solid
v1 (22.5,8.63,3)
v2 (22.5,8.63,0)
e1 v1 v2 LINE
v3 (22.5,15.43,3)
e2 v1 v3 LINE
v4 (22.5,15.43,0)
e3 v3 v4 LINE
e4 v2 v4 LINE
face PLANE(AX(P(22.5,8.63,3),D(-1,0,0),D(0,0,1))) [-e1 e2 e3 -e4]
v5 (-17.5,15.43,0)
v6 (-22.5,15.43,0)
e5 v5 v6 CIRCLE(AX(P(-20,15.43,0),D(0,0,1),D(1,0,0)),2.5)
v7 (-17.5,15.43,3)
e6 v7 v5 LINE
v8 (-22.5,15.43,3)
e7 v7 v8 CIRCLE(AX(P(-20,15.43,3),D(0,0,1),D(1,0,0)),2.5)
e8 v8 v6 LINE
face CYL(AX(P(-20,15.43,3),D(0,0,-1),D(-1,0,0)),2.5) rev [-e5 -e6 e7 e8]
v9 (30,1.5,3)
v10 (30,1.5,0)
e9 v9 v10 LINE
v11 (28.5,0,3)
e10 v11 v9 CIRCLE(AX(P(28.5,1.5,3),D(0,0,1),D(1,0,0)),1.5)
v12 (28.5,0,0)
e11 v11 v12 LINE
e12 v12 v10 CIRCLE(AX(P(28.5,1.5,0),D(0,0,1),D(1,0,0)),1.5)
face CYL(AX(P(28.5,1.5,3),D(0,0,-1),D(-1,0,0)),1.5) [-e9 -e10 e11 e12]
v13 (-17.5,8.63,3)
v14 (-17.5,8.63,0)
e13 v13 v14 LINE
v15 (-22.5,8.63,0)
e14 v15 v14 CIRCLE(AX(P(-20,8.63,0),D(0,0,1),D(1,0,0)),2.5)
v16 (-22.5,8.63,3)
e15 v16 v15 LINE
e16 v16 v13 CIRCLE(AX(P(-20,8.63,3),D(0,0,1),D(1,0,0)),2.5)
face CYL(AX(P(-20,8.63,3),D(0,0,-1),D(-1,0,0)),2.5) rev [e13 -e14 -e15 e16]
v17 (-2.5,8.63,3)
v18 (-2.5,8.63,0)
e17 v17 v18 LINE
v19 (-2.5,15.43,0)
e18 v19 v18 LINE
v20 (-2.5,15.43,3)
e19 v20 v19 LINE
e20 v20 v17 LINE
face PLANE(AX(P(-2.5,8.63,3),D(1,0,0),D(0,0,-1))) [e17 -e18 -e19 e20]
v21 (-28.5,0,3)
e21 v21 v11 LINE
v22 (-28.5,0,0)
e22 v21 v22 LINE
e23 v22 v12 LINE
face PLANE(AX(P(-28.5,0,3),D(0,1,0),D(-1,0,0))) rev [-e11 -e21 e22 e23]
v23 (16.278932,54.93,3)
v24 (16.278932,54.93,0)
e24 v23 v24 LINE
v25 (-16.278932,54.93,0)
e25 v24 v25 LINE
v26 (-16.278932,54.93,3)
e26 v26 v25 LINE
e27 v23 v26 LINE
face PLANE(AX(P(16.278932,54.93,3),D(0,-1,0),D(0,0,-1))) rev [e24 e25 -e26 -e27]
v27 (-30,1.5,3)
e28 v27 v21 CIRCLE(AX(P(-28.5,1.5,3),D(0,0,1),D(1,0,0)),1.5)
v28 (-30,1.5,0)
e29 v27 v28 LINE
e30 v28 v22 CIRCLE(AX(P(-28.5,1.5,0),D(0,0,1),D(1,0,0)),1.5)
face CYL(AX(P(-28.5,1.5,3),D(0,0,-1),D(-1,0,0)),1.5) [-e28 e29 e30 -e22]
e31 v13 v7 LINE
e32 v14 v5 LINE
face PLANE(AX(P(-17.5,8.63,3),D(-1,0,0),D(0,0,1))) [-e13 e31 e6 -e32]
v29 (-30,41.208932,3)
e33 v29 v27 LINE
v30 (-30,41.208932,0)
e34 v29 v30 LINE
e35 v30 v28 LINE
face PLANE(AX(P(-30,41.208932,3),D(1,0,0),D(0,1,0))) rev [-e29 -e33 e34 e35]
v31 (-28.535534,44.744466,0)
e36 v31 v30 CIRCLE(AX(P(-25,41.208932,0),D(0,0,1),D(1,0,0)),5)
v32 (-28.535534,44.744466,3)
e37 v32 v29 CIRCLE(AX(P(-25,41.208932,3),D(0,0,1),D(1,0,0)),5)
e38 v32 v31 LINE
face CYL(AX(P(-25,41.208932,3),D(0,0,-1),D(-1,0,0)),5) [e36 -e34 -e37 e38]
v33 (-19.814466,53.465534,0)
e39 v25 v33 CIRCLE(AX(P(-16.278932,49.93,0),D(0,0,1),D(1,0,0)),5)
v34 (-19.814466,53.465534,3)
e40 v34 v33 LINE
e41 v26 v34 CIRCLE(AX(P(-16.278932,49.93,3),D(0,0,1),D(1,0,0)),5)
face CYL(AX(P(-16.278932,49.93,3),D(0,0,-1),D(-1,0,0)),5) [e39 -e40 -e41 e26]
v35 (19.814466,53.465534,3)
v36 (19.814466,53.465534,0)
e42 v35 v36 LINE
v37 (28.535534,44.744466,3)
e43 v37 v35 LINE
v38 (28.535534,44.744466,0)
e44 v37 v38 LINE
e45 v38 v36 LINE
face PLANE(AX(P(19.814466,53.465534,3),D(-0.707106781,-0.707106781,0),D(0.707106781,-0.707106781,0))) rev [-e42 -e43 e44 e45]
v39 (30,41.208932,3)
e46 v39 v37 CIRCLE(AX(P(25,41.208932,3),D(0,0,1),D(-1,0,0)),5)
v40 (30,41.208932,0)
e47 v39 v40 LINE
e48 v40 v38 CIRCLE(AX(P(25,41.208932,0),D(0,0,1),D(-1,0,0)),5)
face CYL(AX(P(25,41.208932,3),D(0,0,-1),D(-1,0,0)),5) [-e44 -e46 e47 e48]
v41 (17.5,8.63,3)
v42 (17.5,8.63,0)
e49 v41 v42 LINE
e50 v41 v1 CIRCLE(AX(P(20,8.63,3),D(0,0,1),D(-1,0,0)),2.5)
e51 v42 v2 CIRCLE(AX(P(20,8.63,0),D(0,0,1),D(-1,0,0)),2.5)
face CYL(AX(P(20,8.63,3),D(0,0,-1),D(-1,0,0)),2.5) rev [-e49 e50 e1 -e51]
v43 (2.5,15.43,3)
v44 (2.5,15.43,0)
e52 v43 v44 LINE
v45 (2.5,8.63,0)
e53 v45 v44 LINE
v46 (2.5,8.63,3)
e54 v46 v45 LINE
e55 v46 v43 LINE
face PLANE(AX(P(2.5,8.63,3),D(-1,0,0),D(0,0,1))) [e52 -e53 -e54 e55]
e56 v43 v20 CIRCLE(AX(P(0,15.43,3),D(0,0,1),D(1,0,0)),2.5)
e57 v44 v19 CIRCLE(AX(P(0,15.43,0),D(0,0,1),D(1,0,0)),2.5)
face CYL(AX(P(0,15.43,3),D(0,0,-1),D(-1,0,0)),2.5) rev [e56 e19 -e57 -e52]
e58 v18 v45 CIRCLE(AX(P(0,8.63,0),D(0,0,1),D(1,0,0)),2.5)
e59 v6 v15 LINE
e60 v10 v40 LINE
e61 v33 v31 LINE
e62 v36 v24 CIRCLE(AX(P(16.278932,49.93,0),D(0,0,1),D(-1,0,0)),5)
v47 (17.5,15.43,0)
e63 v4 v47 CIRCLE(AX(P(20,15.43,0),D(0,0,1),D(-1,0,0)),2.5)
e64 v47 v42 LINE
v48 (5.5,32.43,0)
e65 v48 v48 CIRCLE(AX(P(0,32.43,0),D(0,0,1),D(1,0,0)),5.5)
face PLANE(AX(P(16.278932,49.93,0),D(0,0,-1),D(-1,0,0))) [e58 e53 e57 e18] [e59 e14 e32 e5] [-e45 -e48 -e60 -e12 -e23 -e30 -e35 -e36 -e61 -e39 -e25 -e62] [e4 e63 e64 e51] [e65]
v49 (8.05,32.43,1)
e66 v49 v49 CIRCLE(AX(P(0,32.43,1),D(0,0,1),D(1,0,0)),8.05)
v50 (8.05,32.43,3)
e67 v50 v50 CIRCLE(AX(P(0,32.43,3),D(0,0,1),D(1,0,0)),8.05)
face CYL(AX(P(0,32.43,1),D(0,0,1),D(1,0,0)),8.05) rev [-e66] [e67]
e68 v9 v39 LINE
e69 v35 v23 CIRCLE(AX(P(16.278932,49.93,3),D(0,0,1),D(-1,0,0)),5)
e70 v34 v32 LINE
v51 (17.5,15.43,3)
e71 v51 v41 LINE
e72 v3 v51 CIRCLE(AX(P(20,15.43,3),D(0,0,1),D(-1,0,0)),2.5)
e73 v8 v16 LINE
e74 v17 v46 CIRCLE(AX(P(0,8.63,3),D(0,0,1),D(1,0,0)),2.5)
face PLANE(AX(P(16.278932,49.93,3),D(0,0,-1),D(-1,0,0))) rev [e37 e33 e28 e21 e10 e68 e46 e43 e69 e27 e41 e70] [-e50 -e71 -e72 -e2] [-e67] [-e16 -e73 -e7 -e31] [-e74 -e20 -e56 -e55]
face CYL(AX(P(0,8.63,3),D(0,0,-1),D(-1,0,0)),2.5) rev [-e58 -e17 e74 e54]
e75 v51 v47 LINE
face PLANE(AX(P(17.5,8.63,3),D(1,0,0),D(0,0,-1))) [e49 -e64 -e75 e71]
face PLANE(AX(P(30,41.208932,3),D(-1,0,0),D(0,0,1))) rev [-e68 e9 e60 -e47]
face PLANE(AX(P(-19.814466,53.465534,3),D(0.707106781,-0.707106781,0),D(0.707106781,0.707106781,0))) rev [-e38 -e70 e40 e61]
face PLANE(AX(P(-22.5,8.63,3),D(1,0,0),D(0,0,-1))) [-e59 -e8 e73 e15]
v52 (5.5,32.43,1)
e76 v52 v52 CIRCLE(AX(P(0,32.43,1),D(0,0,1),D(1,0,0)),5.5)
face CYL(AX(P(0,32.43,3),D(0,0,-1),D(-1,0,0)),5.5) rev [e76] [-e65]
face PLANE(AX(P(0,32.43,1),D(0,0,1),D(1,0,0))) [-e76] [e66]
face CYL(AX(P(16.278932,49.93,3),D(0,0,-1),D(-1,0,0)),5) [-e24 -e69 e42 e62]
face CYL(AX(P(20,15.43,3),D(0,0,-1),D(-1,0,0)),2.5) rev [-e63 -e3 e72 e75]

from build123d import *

# Parameters (mm, degrees)
MODEL_R             = 5.5
BOSS_EXTRUDE1_DEPTH = 3
SKETCH2_R           = 8.05
CUT_EXTRUDE1_DEPTH  = 2


with BuildPart() as part:
    # Model → Boss-Extrude1 (new body)
    with BuildSketch(Plane.XY):
        with BuildLine():
            Line((-19.814466094, 53.465533906), (-28.535533906, 44.744466094))
            ThreePointArc((-28.535533906, 44.744466094), (-29.619397663, 43.12234935), (-30, 41.208932188))
            Line((-30, 41.208932188), (-30, 1.5))
            ThreePointArc((-30, 1.5), (-29.560660172, 0.439339828), (-28.5, 0))
            Line((-28.5, 0), (28.5, 0))
            ThreePointArc((28.5, 0), (29.560660172, 0.439339828), (30, 1.5))
            Line((30, 1.5), (30, 41.208932188))
            ThreePointArc((30, 41.208932188), (29.619397663, 43.12234935), (28.535533906, 44.744466094))
            Line((28.535533906, 44.744466094), (19.814466094, 53.465533906))
            ThreePointArc((19.814466094, 53.465533906), (18.19234935, 54.549397663), (16.278932188, 54.93))
            Line((16.278932188, 54.93), (-16.278932188, 54.93))
            ThreePointArc((-16.278932188, 54.93), (-18.19234935, 54.549397663), (-19.814466094, 53.465533906))
        make_face()
        with Locations((0, 32.43)):
            Circle(MODEL_R, mode=Mode.SUBTRACT)
        with BuildLine():
            Line((22.5, 8.63), (22.5, 15.43))
            ThreePointArc((22.5, 15.43), (20, 17.93), (17.5, 15.43))
            Line((17.5, 15.43), (17.5, 8.63))
            ThreePointArc((17.5, 8.63), (20, 6.13), (22.5, 8.63))
        make_face(mode=Mode.SUBTRACT)
        with BuildLine():
            Line((-22.5, 8.63), (-22.5, 15.43))
            ThreePointArc((-22.5, 15.43), (-20, 17.93), (-17.5, 15.43))
            Line((-17.5, 15.43), (-17.5, 8.63))
            ThreePointArc((-17.5, 8.63), (-20, 6.13), (-22.5, 8.63))
        make_face(mode=Mode.SUBTRACT)
        with BuildLine():
            Line((-2.5, 8.63), (-2.5, 15.43))
            ThreePointArc((-2.5, 15.43), (0, 17.93), (2.5, 15.43))
            Line((2.5, 15.43), (2.5, 8.63))
            ThreePointArc((2.5, 8.63), (0, 6.13), (-2.5, 8.63))
        make_face(mode=Mode.SUBTRACT)
    extrude(amount=BOSS_EXTRUDE1_DEPTH)

    # Sketch2 → Cut-Extrude1 (cut)
    with BuildSketch(Plane.XY.offset(3)):
        with Locations((0, 32.43)):
            Circle(SKETCH2_R)
    extrude(amount=-CUT_EXTRUDE1_DEPTH, mode=Mode.SUBTRACT)


solid = part.part
